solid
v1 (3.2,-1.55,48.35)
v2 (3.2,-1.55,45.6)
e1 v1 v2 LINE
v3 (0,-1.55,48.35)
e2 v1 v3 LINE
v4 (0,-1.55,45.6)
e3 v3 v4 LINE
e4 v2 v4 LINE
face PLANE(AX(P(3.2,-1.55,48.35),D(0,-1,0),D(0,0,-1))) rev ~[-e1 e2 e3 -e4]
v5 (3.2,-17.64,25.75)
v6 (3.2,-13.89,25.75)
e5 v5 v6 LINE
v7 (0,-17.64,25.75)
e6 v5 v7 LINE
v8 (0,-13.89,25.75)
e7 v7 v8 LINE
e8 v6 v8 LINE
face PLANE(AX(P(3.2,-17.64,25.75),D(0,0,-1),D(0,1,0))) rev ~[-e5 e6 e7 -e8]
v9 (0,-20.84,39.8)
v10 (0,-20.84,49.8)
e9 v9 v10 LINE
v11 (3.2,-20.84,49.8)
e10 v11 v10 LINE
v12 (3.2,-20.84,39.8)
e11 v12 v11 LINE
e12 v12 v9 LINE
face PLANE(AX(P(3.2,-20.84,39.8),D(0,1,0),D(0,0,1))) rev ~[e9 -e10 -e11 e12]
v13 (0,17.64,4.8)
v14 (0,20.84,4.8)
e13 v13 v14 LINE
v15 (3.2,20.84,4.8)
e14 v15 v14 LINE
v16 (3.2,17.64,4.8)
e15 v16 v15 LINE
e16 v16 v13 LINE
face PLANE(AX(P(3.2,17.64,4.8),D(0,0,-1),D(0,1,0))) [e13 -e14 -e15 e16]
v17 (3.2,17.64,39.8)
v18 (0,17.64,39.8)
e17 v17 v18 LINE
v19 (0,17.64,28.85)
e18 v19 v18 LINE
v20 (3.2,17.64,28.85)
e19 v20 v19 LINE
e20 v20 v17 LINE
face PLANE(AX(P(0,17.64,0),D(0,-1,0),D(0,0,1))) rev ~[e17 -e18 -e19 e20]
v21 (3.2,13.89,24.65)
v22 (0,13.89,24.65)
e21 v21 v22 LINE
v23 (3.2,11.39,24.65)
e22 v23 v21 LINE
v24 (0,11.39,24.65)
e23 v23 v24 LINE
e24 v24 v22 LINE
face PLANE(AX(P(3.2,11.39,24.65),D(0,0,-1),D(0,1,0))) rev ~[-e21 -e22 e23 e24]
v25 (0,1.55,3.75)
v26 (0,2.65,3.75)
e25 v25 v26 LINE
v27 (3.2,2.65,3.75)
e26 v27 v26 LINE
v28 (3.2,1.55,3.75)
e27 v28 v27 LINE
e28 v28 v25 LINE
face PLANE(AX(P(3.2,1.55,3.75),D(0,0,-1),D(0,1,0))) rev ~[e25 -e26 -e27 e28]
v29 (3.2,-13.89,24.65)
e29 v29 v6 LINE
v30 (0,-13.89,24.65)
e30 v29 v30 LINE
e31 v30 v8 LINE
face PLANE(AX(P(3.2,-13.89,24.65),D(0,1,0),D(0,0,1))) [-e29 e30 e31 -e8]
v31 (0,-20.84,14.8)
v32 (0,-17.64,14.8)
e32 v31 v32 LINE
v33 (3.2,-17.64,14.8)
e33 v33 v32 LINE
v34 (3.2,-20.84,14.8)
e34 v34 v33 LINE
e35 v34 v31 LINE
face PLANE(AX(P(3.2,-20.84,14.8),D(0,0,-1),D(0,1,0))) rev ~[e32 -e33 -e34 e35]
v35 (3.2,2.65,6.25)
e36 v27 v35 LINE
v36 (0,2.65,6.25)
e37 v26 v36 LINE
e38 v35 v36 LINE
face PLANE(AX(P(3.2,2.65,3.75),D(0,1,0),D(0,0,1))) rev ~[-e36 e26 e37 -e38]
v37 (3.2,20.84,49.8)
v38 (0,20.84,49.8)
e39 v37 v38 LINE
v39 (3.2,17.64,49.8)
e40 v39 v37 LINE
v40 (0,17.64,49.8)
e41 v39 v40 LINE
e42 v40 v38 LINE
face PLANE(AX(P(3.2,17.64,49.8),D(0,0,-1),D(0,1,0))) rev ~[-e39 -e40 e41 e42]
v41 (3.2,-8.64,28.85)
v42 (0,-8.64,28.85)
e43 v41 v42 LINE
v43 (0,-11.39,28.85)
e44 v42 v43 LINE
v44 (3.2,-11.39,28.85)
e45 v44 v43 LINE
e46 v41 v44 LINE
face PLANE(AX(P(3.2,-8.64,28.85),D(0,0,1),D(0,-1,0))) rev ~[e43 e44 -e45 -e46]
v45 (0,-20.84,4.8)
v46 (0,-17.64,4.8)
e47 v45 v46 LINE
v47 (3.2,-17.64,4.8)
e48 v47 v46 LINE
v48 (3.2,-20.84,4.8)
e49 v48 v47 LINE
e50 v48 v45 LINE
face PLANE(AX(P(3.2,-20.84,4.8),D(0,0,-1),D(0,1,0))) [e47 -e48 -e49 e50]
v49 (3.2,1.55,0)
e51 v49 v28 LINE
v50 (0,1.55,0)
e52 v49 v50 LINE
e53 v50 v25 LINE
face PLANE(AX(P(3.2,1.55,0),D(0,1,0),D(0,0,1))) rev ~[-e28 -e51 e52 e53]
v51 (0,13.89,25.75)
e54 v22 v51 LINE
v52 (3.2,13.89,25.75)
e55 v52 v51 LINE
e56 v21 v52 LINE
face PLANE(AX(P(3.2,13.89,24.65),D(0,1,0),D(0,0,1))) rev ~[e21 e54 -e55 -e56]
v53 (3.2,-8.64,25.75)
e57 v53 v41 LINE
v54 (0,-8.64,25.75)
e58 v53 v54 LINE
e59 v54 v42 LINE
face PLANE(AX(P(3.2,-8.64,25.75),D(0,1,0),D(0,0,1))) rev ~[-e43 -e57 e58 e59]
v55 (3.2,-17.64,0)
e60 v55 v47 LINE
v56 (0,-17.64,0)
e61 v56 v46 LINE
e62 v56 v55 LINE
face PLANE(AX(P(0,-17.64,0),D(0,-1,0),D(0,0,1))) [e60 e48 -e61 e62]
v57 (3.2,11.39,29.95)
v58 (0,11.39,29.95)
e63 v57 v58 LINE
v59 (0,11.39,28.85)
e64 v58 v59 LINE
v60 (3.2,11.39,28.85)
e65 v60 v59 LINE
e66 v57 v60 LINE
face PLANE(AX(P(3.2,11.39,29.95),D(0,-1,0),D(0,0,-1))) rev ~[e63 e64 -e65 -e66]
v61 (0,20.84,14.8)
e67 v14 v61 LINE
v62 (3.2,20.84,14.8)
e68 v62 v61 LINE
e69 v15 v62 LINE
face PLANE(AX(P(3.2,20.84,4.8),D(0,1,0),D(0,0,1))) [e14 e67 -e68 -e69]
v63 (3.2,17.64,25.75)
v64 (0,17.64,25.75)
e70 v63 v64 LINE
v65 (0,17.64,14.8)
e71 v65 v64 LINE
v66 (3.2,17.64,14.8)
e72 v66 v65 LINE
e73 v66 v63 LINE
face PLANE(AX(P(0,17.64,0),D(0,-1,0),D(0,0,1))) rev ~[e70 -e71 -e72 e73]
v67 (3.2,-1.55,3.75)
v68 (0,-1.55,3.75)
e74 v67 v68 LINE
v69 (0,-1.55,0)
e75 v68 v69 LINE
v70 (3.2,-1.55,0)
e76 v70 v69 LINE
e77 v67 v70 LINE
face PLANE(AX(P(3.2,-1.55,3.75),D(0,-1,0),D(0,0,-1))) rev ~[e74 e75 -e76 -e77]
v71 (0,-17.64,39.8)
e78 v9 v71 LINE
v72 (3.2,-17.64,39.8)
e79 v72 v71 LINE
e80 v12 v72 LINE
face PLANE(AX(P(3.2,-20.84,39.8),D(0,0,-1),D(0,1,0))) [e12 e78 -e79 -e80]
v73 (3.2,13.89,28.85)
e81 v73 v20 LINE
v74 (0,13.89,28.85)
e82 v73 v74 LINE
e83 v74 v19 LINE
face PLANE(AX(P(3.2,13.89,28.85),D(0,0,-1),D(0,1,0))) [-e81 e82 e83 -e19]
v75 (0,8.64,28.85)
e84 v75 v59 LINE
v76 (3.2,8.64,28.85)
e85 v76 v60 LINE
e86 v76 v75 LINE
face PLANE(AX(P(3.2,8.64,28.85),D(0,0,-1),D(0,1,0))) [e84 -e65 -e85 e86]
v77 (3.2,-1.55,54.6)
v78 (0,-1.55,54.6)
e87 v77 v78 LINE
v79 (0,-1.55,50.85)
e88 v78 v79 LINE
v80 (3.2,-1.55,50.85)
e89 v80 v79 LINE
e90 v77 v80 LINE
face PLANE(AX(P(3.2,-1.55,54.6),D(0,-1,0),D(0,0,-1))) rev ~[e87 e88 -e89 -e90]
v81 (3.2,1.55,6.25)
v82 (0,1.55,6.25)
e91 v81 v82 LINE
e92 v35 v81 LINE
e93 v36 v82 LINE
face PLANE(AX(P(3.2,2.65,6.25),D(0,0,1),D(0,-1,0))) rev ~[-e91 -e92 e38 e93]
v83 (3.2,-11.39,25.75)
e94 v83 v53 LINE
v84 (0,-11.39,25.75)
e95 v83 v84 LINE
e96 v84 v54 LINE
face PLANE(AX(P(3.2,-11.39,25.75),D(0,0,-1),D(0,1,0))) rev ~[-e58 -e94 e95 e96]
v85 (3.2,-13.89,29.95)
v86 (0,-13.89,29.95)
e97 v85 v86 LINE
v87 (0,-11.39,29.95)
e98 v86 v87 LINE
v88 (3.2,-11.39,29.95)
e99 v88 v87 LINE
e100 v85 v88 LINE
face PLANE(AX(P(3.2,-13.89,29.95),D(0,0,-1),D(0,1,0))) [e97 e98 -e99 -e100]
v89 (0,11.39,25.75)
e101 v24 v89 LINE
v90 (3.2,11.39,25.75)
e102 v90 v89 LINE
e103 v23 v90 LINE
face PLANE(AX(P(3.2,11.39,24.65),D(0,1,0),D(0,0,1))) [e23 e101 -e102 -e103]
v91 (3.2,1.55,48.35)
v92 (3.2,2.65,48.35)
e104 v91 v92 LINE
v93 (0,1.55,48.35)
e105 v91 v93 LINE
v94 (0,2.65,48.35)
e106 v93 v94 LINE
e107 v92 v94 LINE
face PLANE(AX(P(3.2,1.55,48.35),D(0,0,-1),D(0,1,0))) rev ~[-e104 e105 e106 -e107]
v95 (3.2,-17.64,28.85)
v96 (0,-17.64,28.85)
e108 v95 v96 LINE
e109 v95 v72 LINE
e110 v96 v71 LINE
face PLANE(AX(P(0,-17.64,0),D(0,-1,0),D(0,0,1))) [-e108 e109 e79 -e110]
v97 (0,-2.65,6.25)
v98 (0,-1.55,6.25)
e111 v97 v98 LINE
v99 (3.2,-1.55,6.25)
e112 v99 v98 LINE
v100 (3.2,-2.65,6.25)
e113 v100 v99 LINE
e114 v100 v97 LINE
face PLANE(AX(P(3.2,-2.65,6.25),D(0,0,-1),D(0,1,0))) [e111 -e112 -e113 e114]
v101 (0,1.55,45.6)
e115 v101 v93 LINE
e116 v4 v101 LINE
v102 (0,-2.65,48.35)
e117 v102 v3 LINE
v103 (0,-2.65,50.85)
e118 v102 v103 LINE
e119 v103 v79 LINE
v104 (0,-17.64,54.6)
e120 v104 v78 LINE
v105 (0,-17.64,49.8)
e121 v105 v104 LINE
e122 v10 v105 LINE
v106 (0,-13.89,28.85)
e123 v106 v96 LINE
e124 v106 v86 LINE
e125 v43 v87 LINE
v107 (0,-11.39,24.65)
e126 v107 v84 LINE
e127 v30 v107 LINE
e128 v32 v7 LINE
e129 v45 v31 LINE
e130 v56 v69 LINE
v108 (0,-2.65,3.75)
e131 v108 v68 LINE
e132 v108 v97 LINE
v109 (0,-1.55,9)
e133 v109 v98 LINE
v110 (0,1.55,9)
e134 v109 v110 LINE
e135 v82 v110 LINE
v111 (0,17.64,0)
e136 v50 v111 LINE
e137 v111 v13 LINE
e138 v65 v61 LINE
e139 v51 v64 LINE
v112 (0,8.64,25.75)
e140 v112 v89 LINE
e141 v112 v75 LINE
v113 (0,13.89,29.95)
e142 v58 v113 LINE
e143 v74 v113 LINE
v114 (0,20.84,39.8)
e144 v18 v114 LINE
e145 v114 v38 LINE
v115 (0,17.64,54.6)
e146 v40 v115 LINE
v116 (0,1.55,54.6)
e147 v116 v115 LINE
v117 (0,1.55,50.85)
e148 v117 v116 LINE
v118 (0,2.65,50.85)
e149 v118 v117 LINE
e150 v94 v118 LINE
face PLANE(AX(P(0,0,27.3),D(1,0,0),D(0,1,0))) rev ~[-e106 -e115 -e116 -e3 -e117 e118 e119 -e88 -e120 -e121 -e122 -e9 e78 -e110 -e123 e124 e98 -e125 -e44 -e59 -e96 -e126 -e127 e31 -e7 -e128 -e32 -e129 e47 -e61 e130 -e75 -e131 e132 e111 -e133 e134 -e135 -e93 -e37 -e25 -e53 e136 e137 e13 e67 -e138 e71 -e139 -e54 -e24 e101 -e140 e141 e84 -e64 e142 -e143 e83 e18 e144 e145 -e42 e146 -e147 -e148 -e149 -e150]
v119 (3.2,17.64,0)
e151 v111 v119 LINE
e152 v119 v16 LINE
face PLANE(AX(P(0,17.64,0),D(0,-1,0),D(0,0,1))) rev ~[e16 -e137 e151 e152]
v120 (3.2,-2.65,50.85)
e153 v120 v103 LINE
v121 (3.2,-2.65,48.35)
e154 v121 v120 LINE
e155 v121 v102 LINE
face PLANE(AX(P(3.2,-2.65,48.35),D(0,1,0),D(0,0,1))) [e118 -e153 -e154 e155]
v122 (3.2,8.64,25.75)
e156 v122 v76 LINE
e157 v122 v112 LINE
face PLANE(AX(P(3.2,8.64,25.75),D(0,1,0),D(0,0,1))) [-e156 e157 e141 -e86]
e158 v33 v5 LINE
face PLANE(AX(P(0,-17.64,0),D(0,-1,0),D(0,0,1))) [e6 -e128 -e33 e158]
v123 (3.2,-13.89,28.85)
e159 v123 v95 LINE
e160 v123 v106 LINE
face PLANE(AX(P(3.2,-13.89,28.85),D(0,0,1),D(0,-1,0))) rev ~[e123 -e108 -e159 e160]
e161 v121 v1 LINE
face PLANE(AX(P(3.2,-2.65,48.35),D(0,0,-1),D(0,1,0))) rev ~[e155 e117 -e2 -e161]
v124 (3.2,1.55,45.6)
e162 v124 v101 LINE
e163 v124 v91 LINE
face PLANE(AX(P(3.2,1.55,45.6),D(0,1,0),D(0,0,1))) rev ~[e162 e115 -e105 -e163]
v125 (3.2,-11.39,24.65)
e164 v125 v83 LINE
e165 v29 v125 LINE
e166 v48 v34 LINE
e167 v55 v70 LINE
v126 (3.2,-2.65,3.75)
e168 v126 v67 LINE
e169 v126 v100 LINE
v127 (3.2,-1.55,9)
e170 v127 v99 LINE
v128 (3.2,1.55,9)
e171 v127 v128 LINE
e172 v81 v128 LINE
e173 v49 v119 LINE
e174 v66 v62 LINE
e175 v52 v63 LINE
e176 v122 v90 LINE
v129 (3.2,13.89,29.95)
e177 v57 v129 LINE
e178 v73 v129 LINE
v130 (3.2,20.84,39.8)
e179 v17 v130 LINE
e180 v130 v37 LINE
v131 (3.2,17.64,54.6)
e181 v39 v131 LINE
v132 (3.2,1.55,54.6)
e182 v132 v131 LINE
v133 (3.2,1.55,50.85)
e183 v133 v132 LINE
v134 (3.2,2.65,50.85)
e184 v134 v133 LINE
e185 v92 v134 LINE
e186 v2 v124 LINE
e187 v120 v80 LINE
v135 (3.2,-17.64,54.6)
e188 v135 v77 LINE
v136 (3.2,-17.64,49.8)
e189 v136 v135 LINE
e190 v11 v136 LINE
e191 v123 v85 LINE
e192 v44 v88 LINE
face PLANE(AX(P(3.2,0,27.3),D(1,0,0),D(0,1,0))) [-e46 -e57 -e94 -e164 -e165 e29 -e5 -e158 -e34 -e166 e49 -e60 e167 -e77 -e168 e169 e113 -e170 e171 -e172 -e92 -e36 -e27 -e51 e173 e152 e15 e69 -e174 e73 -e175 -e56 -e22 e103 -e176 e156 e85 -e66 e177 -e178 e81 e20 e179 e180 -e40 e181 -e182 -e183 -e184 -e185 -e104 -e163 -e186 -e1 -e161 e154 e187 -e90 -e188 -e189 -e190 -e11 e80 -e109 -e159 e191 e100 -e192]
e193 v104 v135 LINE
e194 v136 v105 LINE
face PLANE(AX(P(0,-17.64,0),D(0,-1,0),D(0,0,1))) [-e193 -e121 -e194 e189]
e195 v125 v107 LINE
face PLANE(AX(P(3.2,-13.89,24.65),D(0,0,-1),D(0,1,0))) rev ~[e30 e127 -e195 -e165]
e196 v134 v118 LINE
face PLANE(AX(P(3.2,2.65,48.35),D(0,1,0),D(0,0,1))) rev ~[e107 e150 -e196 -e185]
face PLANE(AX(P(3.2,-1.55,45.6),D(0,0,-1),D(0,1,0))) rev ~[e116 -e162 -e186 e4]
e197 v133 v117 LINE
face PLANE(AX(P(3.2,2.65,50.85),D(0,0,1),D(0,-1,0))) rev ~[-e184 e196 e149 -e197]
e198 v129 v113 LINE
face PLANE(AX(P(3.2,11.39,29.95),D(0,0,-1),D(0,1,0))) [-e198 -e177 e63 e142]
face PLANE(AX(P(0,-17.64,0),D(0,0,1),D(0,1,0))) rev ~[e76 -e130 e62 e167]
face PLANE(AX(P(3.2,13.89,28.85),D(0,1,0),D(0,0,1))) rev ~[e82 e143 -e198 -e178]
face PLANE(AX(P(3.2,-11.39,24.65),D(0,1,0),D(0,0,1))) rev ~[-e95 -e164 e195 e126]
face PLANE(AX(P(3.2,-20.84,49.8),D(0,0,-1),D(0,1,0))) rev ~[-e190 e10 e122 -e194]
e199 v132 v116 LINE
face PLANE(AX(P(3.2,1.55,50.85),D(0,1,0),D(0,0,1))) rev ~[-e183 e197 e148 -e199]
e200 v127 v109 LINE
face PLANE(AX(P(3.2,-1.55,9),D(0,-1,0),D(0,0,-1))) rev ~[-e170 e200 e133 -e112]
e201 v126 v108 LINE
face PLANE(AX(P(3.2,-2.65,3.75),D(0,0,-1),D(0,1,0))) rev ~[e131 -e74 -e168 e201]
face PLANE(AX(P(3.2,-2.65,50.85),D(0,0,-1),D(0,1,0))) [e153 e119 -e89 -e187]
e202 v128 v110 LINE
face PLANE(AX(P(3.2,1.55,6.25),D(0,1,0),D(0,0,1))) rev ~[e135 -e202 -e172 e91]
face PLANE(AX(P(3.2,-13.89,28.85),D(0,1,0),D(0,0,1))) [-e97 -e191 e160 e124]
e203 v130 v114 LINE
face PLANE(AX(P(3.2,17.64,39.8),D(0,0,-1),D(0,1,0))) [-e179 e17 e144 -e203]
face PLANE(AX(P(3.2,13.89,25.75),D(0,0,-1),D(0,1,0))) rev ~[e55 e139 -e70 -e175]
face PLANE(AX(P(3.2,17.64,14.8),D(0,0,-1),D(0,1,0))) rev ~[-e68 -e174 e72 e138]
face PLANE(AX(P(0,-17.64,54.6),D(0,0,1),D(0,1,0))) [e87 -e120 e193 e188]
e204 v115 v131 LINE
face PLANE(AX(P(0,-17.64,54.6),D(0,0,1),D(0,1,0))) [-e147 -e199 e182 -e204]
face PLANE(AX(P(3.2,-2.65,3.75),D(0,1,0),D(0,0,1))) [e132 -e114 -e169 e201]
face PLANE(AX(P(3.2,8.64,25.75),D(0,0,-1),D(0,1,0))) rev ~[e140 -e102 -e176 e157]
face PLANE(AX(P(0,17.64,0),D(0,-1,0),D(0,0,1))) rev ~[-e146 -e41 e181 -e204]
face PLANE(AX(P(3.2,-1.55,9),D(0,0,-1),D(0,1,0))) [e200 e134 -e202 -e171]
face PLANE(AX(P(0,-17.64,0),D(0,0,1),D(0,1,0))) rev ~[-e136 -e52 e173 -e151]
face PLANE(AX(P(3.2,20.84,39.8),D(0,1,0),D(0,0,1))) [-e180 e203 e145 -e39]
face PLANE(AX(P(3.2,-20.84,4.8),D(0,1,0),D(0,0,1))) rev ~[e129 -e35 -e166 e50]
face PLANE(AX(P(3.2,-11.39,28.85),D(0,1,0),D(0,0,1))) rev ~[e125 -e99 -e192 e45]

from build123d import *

# Parameters (mm, degrees)
F1_W     = 35.28
F1_H     = 54.6
F2_DEPTH = 3.2
F3_W     = 3.2
F3_H     = 10
F4_DEPTH = 3.2
F5_W     = 3.1
F5_H     = 3.75
F5_H_2   = 2.5
F5_W_2   = 1.1
F5_H_3   = 2.75
F5_W_3   = 3.75
F5_H_4   = 3.1
F5_W_4   = 2.5
F5_H_5   = 1.1
F5_W_5   = 2.75
F6_DEPTH = 3.201


with BuildPart() as f2:
    # F1 (on Right) → F2 (new body)
    with BuildSketch(Plane.YZ):
        with Locations((0, 27.3)):
            Rectangle(F1_W, F1_H)
    extrude(amount=F2_DEPTH)

    # F3 (on face) → F4 (join, through all)
    with BuildSketch(Plane.YZ.offset(3.2)):
        with Locations((-19.24, 44.8)):
            Rectangle(F3_W, F3_H)
        with Locations((-19.24, 9.8)):
            Rectangle(F3_W, F3_H)
        with Locations((19.24, 9.8)):
            Rectangle(F3_W, F3_H)
        with Locations((19.24, 44.8)):
            Rectangle(F3_W, F3_H)
    extrude(amount=-F4_DEPTH)

    # F5 (on face) → F6 (cut, through all)
    with BuildSketch(Plane.YZ.offset(3.2)):
        with Locations((0, 1.875)):
            Rectangle(F5_W, F5_H)
        with Locations((0, 5)):
            Rectangle(F5_W, F5_H_2)
        with Locations((2.1, 5)):
            Rectangle(F5_W_2, F5_H_2)
        with Locations((0, 7.625)):
            Rectangle(F5_W, F5_H_3)
        with Locations((-2.1, 5)):
            Rectangle(F5_W_2, F5_H_2)
        with Locations((-15.765, 27.3)):
            Rectangle(F5_W_3, F5_H_4)
        with Locations((-12.64, 27.3)):
            Rectangle(F5_W_4, F5_H_4)
        with Locations((-12.64, 25.2)):
            Rectangle(F5_W_4, F5_H_5)
        with Locations((-10.015, 27.3)):
            Rectangle(F5_W_5, F5_H_4)
        with Locations((-12.64, 29.4)):
            Rectangle(F5_W_4, F5_H_5)
        with Locations((12.64, 29.4)):
            Rectangle(F5_W_4, F5_H_5)
        with Locations((12.64, 27.3)):
            Rectangle(F5_W_4, F5_H_4)
        with Locations((10.015, 27.3)):
            Rectangle(F5_W_5, F5_H_4)
        with Locations((15.765, 27.3)):
            Rectangle(F5_W_3, F5_H_4)
        with Locations((12.64, 25.2)):
            Rectangle(F5_W_4, F5_H_5)
        with Locations((2.1, 49.6)):
            Rectangle(F5_W_2, F5_H_2)
        with Locations((0, 46.975)):
            Rectangle(F5_W, F5_H_3)
        with Locations((0, 49.6)):
            Rectangle(F5_W, F5_H_2)
        with Locations((0, 52.725)):
            Rectangle(F5_W, F5_H)
        with Locations((-2.1, 49.6)):
            Rectangle(F5_W_2, F5_H_2)
    extrude(amount=-F6_DEPTH, mode=Mode.SUBTRACT)


solid = f2.part
